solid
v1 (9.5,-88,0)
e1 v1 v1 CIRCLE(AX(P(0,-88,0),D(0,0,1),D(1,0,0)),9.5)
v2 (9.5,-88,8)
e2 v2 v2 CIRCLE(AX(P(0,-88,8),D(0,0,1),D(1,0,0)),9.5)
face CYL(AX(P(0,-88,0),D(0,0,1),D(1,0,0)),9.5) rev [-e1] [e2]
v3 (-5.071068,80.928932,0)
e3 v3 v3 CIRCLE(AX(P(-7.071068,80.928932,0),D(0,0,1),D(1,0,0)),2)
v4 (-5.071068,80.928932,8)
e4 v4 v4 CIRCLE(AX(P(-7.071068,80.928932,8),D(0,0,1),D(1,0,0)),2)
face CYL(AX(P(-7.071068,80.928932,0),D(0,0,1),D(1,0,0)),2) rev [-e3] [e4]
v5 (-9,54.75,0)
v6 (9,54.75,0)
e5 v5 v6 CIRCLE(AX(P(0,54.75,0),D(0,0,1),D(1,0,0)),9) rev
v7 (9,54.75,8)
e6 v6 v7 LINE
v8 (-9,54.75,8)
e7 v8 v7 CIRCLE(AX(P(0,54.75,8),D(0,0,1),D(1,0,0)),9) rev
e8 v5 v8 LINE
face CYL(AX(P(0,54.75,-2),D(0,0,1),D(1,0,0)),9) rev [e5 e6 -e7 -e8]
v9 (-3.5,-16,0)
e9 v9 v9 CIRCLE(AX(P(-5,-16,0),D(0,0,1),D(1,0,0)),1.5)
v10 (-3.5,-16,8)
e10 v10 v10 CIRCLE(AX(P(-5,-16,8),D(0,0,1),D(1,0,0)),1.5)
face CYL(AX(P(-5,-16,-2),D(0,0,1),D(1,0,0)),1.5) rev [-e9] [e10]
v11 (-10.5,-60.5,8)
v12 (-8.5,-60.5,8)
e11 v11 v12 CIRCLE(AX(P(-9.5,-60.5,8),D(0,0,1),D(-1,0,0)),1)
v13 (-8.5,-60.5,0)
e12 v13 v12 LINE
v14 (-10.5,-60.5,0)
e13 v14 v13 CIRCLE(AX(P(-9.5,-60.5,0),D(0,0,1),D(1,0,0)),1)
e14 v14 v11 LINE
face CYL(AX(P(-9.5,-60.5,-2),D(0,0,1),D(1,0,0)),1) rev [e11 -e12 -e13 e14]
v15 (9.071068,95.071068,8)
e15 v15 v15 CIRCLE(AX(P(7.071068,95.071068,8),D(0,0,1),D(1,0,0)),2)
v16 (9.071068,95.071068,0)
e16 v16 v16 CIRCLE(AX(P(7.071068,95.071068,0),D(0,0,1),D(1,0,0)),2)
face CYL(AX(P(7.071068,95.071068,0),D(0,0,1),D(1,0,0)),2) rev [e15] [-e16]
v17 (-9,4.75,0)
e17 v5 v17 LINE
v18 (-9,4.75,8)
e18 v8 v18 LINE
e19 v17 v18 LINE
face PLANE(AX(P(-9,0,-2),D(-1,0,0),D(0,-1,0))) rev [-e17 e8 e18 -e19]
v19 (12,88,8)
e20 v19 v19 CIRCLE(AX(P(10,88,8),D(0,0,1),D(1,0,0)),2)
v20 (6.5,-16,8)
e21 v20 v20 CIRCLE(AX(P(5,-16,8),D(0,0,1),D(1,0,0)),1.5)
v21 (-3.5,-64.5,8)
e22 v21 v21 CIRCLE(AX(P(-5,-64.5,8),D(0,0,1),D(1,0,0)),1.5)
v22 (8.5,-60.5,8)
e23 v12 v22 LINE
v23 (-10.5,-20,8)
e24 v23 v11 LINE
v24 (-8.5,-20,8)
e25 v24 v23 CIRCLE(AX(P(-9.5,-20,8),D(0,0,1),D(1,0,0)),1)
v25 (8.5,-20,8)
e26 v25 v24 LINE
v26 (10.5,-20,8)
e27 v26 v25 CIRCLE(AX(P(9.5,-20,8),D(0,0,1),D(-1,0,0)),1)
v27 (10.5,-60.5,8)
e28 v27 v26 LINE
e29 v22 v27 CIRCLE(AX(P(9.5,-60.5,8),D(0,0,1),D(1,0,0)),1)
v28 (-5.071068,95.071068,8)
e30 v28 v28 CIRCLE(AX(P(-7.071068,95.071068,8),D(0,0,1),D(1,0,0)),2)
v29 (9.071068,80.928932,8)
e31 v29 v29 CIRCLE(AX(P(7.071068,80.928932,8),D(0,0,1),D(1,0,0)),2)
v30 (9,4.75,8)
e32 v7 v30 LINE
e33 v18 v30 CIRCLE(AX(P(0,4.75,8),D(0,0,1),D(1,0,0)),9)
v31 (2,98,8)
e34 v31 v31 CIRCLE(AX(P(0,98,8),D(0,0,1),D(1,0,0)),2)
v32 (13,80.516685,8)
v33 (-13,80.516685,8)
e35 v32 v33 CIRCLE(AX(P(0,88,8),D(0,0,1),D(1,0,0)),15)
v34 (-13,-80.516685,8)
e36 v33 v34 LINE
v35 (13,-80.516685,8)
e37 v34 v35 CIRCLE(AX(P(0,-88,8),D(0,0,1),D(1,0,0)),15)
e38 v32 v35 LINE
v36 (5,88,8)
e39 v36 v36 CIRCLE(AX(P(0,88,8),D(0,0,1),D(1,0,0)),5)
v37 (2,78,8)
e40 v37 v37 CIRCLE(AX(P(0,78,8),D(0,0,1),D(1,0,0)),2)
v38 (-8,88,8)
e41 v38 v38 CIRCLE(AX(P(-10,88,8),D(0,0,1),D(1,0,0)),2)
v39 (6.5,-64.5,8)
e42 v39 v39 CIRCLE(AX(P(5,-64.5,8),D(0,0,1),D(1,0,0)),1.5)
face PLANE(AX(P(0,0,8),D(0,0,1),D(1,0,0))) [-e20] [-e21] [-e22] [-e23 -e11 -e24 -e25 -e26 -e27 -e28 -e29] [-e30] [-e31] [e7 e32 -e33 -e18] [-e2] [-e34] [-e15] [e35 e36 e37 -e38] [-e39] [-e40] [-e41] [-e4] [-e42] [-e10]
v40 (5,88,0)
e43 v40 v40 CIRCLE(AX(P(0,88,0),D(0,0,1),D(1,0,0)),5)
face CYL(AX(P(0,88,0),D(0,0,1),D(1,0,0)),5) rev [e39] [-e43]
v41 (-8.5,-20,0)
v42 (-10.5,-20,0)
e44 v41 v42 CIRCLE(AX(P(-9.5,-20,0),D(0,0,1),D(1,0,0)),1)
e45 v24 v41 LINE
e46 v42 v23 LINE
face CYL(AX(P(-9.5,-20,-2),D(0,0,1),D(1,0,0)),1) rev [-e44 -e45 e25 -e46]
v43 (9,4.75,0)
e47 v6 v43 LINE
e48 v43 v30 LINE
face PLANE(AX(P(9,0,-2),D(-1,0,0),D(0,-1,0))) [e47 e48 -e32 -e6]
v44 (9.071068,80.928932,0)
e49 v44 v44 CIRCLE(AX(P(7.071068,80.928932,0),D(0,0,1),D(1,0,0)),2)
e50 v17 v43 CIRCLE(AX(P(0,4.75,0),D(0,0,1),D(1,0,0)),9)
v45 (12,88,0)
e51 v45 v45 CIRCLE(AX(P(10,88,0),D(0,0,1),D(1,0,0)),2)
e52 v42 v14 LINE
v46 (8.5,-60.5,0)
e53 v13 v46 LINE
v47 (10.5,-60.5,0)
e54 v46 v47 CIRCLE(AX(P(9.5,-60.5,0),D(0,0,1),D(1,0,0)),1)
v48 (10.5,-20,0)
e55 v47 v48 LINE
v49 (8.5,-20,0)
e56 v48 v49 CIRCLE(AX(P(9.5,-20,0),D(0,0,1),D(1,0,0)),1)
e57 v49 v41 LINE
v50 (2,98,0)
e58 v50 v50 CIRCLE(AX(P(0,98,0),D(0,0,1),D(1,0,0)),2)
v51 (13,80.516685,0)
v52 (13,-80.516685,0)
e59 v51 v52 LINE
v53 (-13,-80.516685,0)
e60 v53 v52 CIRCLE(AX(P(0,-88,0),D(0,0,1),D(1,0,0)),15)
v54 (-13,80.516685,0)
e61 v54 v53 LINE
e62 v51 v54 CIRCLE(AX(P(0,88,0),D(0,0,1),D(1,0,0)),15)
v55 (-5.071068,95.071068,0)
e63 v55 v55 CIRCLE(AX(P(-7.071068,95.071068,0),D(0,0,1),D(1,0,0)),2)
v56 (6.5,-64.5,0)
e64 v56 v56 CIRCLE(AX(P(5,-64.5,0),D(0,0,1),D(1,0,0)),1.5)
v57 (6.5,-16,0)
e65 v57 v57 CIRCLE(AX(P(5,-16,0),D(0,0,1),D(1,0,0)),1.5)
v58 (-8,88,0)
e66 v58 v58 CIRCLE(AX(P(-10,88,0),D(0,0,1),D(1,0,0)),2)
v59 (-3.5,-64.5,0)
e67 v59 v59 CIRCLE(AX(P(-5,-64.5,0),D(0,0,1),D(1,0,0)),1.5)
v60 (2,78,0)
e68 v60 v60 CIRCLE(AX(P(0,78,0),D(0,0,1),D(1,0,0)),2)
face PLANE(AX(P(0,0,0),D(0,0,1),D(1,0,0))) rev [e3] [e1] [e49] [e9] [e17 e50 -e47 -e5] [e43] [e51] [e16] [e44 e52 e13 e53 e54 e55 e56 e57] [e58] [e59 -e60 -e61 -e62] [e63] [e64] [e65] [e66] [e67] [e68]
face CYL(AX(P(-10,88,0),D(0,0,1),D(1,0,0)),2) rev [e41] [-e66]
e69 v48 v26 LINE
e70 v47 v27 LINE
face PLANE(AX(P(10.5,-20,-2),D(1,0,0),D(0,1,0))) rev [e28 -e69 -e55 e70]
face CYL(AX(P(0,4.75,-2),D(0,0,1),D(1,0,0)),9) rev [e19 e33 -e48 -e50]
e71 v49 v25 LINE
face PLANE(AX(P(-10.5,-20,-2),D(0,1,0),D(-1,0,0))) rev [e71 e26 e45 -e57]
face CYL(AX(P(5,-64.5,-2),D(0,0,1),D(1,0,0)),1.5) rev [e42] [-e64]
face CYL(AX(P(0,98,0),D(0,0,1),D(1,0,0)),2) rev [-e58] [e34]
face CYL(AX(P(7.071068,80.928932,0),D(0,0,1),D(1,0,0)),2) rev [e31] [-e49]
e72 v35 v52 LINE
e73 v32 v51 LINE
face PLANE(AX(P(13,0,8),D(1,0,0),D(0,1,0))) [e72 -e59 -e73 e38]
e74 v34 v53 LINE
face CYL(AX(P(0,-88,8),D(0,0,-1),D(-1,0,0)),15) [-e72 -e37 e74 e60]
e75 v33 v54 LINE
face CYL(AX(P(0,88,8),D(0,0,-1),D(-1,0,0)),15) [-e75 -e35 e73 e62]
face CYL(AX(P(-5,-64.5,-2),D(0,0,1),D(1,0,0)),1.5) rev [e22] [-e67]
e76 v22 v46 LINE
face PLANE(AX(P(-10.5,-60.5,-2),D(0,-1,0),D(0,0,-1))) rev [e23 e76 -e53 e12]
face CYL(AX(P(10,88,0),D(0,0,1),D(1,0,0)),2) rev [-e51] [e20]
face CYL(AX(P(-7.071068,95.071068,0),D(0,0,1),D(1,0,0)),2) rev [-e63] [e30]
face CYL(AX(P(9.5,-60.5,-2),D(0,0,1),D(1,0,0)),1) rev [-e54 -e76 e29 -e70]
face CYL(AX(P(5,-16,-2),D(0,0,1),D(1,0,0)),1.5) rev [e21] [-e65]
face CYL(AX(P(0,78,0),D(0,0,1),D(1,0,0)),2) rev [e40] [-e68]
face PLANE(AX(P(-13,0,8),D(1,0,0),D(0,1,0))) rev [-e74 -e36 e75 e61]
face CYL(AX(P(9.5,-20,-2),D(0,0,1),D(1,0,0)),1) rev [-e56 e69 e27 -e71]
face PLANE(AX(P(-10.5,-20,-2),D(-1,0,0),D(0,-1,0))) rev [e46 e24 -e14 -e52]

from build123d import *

# Parameters (mm, degrees)
EXTRUDE_1_DEPTH     = 8
SKETCH_2_R          = 5
SKETCH_2_R_2        = 2
SKETCH_2_R_3        = 9.5
CUT_EXTRUDE_1_DEPTH = 8
SKETCH_3_W          = 21
SKETCH_3_H          = 40.5
CUT_EXTRUDE_2_DEPTH = 10
SKETCH_4_R          = 1.5
CUT_EXTRUDE_3_DEPTH = 10
SKETCH_5_R          = 1
CUT_EXTRUDE_4_DEPTH = 10
SKETCH_6_W          = 18
SKETCH_6_H          = 50
CUT_EXTRUDE_5_DEPTH = 10


with BuildPart() as part:
    # 草图1 → 凸台-拉伸1 (new body)
    with BuildSketch(Plane.XY):
        with BuildLine():
            ThreePointArc((13, 80.516685226), (0, 73), (-13, 80.516685226))
            Line((-13, 80.516685226), (-13, -80.516685226))
            ThreePointArc((-13, -80.516685226), (0, -73), (13, -80.516685226))
            Line((13, -80.516685226), (13, 80.516685226))
        make_face()
        with BuildLine():
            Line((-13, 80.516685226), (-13, 88))
            Line((-13, 88), (13, 88))
            Line((13, 88), (13, 80.516685226))
            ThreePointArc((13, 80.516685226), (14.491376746, 84.127016654), (15, 88))
            ThreePointArc((15, 88), (-3.872983346, 102.491376746), (-13, 80.516685226))
        make_face()
        with BuildLine():
            Line((13, 88), (-13, 88))
            Line((-13, 88), (-13, 80.516685226))
            ThreePointArc((-13, 80.516685226), (0, 73), (13, 80.516685226))
            Line((13, 80.516685226), (13, 88))
        make_face()
        with BuildLine():
            ThreePointArc((13, -80.516685226), (0, -73), (-13, -80.516685226))
            Line((-13, -80.516685226), (-13, -88))
            Line((-13, -88), (13, -88))
            Line((13, -88), (13, -80.516685226))
        make_face()
        with BuildLine():
            Line((-13, -88), (-13, -80.516685226))
            ThreePointArc((-13, -80.516685226), (-3.872983346, -102.491376746), (15, -88))
            ThreePointArc((15, -88), (14.491376746, -84.127016654), (13, -80.516685226))
            Line((13, -80.516685226), (13, -88))
            Line((13, -88), (-13, -88))
        make_face()
    extrude(amount=EXTRUDE_1_DEPTH)

    # 草图2 → 切除-拉伸1 (cut)
    with BuildSketch(Plane.XY.offset(8)):
        with Locations((0, 88)):
            Circle(SKETCH_2_R)
        with Locations((0, 98)):
            Circle(SKETCH_2_R_2)
        with Locations((10, 88)):
            Circle(SKETCH_2_R_2)
        with Locations((0, 78)):
            Circle(SKETCH_2_R_2)
        with Locations((-10, 88)):
            Circle(SKETCH_2_R_2)
        with Locations((0, -88)):
            Circle(SKETCH_2_R_3)
        with Locations((7.071067812, 95.071067812)):
            Circle(SKETCH_2_R_2)
        with Locations((7.071067812, 80.928932188)):
            Circle(SKETCH_2_R_2)
        with Locations((-7.071067812, 80.928932188)):
            Circle(SKETCH_2_R_2)
        with Locations((-7.071067812, 95.071067812)):
            Circle(SKETCH_2_R_2)
    extrude(amount=-CUT_EXTRUDE_1_DEPTH, mode=Mode.SUBTRACT)

    # 草图3 → 切除-拉伸2 (cut)
    with BuildSketch(Plane.XY.offset(8)):
        with Locations((0, -40.25)):
            Rectangle(SKETCH_3_W, SKETCH_3_H)
    extrude(amount=-CUT_EXTRUDE_2_DEPTH, mode=Mode.SUBTRACT)

    # 草图4 → 切除-拉伸3 (cut)
    with BuildSketch(Plane.XY.offset(8)):
        with Locations((-5, -16)):
            Circle(SKETCH_4_R)
        with Locations((5, -16)):
            Circle(SKETCH_4_R)
        with Locations((-5, -64.5)):
            Circle(SKETCH_4_R)
        with Locations((5, -64.5)):
            Circle(SKETCH_4_R)
    extrude(amount=-CUT_EXTRUDE_3_DEPTH, mode=Mode.SUBTRACT)

    # 草图5 → 切除-拉伸4 (cut)
    with BuildSketch(Plane.XY.offset(8)):
        with Locations((-9.5, -20)):
            Circle(SKETCH_5_R)
        with Locations((9.5, -20)):
            Circle(SKETCH_5_R)
        with Locations((9.5, -60.5)):
            Circle(SKETCH_5_R)
        with Locations((-9.5, -60.5)):
            Circle(SKETCH_5_R)
    extrude(amount=-CUT_EXTRUDE_4_DEPTH, mode=Mode.SUBTRACT)

    # 草图6 → 切除-拉伸5 (cut)
    with BuildSketch(Plane.XY.offset(8)):
        with BuildLine():
            ThreePointArc((-9, 54.75), (0, 63.75), (9, 54.75))
            Line((9, 54.75), (-9, 54.75))
        make_face()
        with Locations((0, 29.75)):
            Rectangle(SKETCH_6_W, SKETCH_6_H)
        with BuildLine():
            Line((-9, 4.75), (9, 4.75))
            ThreePointArc((9, 4.75), (0, -4.25), (-9, 4.75))
        make_face()
    extrude(amount=-CUT_EXTRUDE_5_DEPTH, mode=Mode.SUBTRACT)


solid = part.part
